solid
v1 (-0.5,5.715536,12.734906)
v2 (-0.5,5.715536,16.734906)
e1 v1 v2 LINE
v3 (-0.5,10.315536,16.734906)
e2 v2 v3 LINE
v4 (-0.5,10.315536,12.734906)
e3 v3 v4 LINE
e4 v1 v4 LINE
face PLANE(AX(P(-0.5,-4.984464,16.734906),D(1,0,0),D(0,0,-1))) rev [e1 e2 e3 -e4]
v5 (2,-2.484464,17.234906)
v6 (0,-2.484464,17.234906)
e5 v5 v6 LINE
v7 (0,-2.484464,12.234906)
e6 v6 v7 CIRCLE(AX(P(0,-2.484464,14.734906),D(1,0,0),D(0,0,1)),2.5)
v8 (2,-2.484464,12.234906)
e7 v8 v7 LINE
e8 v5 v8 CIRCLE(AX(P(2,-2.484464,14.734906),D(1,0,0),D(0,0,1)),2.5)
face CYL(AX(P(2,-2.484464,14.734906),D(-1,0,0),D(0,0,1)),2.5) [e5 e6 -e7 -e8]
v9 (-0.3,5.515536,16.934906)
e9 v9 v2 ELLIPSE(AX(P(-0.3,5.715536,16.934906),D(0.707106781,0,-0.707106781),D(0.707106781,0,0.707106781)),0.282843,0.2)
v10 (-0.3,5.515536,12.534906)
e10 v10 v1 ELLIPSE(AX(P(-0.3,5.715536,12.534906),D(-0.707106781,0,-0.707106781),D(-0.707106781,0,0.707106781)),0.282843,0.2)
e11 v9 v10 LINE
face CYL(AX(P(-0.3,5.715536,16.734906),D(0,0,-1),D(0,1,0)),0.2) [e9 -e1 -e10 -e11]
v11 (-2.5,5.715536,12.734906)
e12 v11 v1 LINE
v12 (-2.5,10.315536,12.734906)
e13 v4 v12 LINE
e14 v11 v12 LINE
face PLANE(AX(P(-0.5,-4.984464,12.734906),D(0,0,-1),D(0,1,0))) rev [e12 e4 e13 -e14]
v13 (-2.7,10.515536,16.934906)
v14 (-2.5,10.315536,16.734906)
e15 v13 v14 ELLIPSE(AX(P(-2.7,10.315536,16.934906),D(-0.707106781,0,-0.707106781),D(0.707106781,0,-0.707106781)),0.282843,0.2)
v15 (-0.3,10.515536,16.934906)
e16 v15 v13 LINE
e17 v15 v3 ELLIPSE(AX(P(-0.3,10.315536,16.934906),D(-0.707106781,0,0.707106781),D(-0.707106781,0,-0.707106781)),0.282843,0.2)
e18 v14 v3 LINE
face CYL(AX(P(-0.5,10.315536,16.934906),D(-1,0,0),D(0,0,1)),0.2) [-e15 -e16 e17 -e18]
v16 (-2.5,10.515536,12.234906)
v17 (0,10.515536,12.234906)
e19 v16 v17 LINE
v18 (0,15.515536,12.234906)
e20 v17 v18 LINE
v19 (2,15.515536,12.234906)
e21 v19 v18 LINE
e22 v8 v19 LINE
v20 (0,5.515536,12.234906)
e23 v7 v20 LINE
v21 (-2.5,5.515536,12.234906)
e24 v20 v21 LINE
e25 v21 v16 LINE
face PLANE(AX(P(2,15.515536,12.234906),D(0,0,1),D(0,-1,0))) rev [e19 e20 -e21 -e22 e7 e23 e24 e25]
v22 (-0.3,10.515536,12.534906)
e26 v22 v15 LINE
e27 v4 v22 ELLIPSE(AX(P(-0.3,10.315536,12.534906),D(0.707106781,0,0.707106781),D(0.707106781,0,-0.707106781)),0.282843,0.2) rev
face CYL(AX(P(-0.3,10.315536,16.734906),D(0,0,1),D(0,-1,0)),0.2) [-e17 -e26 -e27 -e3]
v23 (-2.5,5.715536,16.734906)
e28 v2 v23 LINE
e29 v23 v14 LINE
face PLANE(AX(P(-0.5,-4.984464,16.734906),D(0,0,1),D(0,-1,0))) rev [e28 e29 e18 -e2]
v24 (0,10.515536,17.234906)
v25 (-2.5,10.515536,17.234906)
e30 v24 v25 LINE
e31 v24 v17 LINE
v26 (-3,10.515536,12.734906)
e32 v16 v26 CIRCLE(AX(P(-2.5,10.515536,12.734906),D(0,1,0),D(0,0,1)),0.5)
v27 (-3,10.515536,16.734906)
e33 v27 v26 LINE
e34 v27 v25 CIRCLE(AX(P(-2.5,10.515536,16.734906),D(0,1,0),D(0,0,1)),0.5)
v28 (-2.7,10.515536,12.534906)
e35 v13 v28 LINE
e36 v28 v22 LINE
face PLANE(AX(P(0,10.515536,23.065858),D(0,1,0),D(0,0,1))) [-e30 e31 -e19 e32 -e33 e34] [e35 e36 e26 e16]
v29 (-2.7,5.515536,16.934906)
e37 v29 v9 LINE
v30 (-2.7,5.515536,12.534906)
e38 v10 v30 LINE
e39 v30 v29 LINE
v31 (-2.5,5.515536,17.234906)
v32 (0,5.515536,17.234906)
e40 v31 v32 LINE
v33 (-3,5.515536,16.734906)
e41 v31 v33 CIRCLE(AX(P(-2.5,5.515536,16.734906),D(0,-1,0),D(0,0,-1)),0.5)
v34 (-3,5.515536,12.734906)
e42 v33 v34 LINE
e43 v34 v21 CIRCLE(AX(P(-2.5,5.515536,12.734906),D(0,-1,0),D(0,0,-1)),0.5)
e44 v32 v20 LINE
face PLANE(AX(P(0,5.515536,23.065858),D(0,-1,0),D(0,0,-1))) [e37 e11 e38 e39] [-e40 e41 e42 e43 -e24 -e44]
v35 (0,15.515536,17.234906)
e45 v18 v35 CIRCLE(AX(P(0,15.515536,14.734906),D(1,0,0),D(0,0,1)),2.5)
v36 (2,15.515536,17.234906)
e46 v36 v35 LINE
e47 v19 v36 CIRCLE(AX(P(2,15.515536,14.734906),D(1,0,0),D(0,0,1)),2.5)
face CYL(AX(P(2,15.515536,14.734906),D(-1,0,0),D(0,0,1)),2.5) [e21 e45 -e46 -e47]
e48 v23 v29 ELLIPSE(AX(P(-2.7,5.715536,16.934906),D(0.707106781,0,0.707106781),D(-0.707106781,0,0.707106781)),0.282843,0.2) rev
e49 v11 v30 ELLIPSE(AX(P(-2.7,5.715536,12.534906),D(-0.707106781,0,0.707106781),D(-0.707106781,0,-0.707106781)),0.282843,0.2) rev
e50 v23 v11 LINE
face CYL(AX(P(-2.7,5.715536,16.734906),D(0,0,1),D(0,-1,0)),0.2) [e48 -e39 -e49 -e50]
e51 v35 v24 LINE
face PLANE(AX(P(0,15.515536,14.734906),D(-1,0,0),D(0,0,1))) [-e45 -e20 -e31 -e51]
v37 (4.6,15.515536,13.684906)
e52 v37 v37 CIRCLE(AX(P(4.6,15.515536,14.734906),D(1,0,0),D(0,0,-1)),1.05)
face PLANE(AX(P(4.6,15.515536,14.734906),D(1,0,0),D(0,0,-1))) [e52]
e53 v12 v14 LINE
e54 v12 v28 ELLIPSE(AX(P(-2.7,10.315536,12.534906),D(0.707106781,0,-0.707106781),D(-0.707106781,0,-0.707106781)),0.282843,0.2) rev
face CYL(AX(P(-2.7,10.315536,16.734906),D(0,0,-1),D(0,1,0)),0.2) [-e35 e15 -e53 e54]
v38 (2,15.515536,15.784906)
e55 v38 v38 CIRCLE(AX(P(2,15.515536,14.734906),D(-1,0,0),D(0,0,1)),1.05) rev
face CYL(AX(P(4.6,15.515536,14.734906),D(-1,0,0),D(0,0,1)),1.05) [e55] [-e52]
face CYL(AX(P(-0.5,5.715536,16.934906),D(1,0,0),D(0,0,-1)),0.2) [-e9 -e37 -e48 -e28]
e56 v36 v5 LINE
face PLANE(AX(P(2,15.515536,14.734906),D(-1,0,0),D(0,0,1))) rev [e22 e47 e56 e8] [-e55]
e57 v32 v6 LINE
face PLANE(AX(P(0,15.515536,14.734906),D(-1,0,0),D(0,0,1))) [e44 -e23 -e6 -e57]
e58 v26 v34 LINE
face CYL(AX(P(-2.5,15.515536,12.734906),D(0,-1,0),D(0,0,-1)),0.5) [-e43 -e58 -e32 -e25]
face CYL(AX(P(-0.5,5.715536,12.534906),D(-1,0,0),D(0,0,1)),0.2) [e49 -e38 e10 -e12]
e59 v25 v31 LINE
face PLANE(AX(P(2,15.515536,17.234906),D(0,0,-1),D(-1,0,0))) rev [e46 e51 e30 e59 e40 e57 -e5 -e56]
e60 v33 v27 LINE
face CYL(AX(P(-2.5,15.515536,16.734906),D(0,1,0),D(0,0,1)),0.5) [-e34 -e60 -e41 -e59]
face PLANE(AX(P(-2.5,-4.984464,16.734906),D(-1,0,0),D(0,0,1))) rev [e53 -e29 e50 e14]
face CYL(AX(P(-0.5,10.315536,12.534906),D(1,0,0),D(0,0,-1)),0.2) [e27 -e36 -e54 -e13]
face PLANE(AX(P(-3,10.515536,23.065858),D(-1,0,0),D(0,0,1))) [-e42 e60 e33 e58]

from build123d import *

# Parameters (mm, degrees)
BOSS_EXTRUDE1_DEPTH = 2
SKETCH2_R           = 1.05
BOSS_EXTRUDE2_DEPTH = 2.6
SKETCH3_W           = 3
SKETCH3_H           = 5
BOSS_EXTRUDE3_DEPTH = 5
SKETCH4_W           = 2
SKETCH4_H           = 4
CUT_EXTRUDE1_DEPTH  = 24.631588809
FILLET1_R           = 0.5
FILLET2_R           = 0.2


with BuildPart() as part:
    # Sketch1 → Boss-Extrude1 (new body)
    with BuildSketch(Plane(origin=(0, 0, 0), x_dir=(0, 0, -1), z_dir=(1, 0, 0))):
        with BuildLine():
            Line((-17.23490614, 15.515536013), (-17.23490614, -2.484463987))
            ThreePointArc((-17.23490614, -2.484463987), (-14.73490614, -4.984463987), (-12.23490614, -2.484463987))
            Line((-12.23490614, -2.484463987), (-12.23490614, 15.515536013))
            ThreePointArc((-12.23490614, 15.515536013), (-14.73490614, 18.015536013), (-17.23490614, 15.515536013))
        make_face()
    extrude(amount=BOSS_EXTRUDE1_DEPTH)

    # Sketch2 → Boss-Extrude2 (add)
    with BuildSketch(Plane(origin=(2, 0, 0), x_dir=(0, 0, -1), z_dir=(1, 0, 0))):
        with Locations(Location((-14.73490614, 15.515536013, 0), (0, 0, 180))):
            Circle(SKETCH2_R)
    extrude(amount=BOSS_EXTRUDE2_DEPTH)

    # Sketch3 → Boss-Extrude3 (add)
    with BuildSketch(Plane(origin=(0, 0, 12.23490614), x_dir=(-1, 0, 0), z_dir=(0, 0, -1))):
        with Locations((1.5, 8.015536013)):
            Rectangle(SKETCH3_W, SKETCH3_H)
    extrude(amount=-BOSS_EXTRUDE3_DEPTH)

    # Sketch4 → Cut-Extrude1 (cut, through all)
    with BuildSketch(Plane(origin=(0, 10.515536013, 0), x_dir=(1, 0, 0), z_dir=(0, 1, 0))):
        with Locations((-1.5, -14.73490614)):
            Rectangle(SKETCH4_W, SKETCH4_H)
    extrude(amount=-CUT_EXTRUDE1_DEPTH, mode=Mode.SUBTRACT)

    # Fillet1
    fillet1_edges = [part.edges().sort_by_distance(p)[0] for p in [
        (-3, 8.015536013, 12.23490614),
        (-3, 8.015536013, 17.23490614),
    ]]
    fillet(fillet1_edges, radius=FILLET1_R)

    # Fillet2
    fillet2_edges = [part.edges().sort_by_distance(p)[0] for p in [
        (-1.5, 5.515536013, 12.73490614),
        (-2.5, 5.515536013, 14.73490614),
        (-1.5, 5.515536013, 16.73490614),
        (-0.5, 5.515536013, 14.73490614),
        (-0.5, 10.515536013, 14.73490614),
        (-1.5, 10.515536013, 12.73490614),
        (-2.5, 10.515536013, 14.73490614),
        (-1.5, 10.515536013, 16.73490614),
    ]]
    fillet(fillet2_edges, radius=FILLET2_R)


solid = part.part
